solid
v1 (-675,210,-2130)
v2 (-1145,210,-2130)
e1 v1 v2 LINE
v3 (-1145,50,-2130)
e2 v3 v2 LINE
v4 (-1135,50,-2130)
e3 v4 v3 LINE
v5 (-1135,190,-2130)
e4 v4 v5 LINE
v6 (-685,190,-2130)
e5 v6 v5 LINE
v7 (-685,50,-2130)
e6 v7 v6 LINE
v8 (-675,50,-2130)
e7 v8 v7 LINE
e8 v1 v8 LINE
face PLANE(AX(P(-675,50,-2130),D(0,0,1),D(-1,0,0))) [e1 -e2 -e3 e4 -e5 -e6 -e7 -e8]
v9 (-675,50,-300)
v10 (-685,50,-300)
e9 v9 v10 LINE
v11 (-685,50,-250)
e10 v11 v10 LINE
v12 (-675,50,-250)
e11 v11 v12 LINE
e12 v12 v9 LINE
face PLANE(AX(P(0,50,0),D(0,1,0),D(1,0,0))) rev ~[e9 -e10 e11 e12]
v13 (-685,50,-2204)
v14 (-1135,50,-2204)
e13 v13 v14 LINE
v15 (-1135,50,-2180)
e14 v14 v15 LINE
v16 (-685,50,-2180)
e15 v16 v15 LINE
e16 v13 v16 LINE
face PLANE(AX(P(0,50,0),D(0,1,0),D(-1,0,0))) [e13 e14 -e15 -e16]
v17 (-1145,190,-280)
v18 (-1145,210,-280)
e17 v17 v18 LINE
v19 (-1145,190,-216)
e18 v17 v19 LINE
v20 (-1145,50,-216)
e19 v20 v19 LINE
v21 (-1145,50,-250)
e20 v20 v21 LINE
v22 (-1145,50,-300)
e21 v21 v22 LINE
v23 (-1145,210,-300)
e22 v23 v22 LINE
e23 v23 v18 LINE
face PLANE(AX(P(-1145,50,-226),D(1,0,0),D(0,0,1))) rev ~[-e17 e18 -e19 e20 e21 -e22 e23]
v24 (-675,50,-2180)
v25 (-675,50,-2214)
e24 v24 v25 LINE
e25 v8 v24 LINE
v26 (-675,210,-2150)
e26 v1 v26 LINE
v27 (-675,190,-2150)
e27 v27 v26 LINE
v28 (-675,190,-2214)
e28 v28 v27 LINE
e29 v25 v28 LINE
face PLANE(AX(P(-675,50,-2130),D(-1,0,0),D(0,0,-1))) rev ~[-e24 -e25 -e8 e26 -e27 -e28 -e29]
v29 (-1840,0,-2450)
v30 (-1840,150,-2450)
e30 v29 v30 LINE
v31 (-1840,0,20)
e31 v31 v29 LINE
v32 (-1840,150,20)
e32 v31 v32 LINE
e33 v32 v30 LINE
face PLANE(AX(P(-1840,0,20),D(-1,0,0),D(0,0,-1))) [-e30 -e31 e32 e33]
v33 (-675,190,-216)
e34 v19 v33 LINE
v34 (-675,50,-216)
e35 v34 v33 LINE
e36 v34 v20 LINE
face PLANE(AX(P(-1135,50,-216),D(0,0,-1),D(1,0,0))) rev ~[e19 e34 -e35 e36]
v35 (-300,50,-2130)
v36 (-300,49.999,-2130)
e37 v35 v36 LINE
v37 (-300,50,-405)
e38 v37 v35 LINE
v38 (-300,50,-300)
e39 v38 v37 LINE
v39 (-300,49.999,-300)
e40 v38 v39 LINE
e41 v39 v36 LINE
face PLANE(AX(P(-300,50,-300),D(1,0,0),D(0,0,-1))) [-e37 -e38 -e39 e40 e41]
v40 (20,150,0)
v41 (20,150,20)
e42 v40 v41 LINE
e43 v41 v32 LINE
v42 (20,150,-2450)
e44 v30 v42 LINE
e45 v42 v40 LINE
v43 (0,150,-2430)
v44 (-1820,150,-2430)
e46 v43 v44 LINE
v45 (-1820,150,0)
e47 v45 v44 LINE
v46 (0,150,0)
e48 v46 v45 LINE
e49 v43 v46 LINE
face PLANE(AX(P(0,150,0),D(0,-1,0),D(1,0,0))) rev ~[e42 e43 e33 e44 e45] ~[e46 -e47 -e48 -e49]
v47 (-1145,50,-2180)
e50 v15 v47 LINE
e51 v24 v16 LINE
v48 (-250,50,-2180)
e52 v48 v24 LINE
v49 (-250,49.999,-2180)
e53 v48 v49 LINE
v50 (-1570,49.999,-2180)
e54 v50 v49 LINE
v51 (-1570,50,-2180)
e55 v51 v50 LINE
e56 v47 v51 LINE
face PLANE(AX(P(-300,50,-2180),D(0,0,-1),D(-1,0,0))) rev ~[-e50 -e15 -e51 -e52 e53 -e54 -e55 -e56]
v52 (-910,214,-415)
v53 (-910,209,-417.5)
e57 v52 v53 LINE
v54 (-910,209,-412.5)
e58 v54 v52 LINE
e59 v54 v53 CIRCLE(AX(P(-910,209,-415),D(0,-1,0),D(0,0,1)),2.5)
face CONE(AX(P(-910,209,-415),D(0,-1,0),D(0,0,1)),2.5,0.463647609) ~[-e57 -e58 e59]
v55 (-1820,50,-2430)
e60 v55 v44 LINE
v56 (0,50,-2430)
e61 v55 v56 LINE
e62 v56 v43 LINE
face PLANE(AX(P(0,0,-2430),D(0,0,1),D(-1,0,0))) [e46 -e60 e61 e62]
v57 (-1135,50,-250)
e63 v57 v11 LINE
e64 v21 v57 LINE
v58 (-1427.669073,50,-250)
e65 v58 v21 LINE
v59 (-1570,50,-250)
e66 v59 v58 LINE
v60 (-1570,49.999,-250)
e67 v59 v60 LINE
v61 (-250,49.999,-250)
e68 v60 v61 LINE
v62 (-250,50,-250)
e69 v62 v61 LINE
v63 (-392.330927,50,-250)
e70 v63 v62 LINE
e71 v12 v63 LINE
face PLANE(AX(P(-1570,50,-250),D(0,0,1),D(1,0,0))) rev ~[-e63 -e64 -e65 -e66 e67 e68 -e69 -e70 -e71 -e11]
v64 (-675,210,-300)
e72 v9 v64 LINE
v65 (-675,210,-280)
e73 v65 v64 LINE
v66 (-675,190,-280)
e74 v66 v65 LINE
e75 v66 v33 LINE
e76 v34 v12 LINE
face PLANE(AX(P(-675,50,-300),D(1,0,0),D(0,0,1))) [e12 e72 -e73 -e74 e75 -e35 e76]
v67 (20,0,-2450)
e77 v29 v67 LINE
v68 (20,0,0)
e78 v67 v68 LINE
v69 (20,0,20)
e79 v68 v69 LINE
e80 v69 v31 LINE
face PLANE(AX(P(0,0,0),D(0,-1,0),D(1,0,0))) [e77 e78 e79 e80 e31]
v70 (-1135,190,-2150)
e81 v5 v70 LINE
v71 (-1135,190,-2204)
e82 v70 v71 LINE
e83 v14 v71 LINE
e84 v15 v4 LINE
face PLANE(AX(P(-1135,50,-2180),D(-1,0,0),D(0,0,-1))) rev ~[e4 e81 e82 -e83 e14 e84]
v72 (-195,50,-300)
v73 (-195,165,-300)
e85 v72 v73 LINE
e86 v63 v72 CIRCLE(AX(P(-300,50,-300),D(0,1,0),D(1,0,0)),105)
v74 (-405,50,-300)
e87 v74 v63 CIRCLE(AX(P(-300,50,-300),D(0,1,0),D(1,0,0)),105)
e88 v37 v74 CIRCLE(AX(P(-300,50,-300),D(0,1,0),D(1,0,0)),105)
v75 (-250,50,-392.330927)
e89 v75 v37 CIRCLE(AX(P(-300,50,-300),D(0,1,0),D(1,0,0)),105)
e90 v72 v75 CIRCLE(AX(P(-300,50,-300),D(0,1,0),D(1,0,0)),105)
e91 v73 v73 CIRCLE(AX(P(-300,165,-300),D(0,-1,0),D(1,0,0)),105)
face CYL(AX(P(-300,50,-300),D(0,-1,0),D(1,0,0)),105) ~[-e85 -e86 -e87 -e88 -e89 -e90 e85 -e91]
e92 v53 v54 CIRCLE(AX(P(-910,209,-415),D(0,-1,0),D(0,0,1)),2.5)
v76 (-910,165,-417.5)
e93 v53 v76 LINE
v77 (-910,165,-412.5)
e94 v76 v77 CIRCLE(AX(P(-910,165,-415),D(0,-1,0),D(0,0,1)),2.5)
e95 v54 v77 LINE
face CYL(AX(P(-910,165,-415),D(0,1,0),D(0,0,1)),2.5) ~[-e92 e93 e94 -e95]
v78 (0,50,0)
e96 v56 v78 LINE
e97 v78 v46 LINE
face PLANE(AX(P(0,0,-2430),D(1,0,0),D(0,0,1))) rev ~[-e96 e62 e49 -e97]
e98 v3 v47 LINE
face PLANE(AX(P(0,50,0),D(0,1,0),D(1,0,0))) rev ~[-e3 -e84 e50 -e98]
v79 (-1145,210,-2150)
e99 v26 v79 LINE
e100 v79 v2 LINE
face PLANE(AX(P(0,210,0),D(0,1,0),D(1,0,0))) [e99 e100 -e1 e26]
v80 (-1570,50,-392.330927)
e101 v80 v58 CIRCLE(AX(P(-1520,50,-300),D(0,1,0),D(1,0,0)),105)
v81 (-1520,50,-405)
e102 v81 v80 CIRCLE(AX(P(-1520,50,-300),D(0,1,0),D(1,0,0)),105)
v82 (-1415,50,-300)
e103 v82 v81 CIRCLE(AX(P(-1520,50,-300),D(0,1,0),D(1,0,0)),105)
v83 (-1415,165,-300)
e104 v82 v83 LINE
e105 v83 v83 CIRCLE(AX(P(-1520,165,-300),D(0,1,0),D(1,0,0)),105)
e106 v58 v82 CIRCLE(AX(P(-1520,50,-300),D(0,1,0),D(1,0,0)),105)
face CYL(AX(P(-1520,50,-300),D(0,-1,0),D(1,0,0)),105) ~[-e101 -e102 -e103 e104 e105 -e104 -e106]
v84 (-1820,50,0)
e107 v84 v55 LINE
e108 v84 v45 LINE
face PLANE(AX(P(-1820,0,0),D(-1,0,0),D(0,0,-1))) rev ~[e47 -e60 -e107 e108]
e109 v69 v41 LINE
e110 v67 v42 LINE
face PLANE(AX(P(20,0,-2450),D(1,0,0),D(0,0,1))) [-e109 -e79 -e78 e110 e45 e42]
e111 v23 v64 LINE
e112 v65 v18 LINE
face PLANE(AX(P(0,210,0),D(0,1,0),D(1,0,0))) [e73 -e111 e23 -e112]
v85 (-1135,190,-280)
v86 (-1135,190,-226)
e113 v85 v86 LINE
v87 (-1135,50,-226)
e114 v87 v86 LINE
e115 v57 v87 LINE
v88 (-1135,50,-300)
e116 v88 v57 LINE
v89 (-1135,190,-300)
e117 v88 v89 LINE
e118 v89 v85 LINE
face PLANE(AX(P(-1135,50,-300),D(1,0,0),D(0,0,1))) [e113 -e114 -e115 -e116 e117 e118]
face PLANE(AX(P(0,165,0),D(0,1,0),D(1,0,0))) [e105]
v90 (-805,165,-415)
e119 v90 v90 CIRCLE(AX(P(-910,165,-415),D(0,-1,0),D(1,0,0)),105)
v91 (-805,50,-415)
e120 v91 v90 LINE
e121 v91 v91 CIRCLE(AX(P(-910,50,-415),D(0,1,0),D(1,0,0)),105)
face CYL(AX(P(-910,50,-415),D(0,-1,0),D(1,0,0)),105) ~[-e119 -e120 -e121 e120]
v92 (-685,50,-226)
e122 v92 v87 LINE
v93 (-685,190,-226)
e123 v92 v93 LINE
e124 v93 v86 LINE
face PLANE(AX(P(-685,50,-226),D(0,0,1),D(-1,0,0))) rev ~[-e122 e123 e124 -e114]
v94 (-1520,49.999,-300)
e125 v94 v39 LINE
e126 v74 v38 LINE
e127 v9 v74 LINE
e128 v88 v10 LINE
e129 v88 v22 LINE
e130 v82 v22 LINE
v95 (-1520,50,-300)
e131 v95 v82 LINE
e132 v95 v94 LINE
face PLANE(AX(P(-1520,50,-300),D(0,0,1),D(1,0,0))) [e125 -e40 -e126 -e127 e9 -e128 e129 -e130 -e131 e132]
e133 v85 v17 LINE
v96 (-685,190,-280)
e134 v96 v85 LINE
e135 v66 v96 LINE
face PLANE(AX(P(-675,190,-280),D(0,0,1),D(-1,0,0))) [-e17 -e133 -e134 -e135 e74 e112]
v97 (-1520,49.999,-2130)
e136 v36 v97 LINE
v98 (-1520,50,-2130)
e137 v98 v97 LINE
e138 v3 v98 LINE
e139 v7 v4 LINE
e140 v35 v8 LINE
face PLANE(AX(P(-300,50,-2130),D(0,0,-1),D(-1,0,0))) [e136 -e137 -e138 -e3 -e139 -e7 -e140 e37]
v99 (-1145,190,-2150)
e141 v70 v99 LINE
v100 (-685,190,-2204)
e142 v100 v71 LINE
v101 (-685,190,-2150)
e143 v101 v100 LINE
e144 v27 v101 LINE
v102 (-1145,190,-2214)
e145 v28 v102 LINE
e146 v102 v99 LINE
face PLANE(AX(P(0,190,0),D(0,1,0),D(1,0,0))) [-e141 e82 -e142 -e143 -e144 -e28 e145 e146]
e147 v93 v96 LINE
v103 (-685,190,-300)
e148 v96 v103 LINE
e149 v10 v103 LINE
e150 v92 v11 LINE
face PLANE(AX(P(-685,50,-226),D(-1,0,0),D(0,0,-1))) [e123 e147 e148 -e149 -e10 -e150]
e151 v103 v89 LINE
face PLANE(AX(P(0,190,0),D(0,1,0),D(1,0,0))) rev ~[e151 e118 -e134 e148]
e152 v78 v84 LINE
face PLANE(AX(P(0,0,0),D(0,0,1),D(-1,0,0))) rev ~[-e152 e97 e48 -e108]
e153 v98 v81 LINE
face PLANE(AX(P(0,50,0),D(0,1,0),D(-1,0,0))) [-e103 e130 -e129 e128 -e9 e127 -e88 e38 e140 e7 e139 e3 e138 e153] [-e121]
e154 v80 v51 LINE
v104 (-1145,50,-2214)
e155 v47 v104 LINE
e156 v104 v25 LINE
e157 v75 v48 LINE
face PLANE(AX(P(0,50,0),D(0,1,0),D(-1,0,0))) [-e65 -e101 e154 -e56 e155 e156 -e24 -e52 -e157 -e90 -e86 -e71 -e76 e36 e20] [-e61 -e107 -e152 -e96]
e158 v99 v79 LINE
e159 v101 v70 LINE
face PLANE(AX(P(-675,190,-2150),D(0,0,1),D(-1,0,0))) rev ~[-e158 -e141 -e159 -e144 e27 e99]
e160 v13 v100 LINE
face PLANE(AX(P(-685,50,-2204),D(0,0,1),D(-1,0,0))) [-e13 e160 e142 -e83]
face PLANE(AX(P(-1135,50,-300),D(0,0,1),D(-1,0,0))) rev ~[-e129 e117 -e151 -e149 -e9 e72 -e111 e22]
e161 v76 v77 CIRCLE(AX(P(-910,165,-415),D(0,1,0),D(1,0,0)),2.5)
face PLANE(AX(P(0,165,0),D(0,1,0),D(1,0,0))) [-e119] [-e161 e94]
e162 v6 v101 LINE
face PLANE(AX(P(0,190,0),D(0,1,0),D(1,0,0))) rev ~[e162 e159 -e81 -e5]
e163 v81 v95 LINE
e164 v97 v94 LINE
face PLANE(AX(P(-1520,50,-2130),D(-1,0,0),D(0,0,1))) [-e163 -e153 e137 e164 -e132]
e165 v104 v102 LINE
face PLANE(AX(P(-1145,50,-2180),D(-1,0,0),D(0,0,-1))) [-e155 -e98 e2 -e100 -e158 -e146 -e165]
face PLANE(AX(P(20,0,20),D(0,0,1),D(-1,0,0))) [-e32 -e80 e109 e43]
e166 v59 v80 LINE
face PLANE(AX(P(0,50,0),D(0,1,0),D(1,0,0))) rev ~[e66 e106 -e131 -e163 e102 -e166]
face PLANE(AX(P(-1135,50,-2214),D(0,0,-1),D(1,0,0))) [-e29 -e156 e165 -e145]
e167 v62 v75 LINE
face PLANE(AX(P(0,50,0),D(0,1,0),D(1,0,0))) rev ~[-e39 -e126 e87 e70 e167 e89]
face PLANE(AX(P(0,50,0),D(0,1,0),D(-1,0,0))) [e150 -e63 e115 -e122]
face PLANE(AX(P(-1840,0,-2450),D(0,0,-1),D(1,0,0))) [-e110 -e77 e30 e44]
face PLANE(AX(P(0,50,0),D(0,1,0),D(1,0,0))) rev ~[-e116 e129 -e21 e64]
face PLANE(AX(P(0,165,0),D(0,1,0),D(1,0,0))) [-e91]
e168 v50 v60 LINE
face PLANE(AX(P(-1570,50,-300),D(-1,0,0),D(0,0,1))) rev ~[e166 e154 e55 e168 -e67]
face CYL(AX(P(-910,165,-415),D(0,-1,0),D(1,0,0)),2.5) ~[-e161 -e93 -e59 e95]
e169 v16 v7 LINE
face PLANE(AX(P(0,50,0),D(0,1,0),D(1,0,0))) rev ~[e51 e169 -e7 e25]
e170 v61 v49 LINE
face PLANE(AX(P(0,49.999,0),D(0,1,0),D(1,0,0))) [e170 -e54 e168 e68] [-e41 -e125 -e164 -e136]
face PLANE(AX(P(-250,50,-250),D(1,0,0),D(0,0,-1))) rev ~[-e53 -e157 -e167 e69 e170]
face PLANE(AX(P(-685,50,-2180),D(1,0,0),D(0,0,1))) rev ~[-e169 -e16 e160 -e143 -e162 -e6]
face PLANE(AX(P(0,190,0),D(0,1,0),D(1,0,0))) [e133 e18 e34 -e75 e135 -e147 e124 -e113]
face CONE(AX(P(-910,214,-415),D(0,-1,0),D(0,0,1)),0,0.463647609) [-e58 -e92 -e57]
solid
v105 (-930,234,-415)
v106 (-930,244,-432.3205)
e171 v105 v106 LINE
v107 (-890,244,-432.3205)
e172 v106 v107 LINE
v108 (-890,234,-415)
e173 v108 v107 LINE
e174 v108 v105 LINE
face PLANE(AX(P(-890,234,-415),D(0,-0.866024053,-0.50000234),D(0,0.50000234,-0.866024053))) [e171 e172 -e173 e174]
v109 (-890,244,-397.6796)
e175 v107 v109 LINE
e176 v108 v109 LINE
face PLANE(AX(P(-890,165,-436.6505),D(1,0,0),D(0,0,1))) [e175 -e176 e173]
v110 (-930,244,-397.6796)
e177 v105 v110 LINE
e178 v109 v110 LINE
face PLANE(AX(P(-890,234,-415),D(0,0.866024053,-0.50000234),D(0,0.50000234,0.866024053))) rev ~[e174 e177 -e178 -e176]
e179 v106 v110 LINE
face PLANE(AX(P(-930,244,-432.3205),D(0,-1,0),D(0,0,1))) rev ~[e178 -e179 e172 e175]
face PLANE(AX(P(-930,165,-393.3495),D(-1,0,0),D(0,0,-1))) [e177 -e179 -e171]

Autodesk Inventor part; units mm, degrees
ref_plane "YZ Plane" through (0, 0, 0) normal (1, 0, 0) x (0, 1, 0)
ref_plane "XZ Plane" through (0, 0, 0) normal (0, 1, 0) x (-1, 0, 0)
ref_plane "XY Plane" through (0, 0, 0) normal (0, 0, 1) x (1, 0, 0)
sketch "Sketch1" plane through (0, 0, 0) normal (0, 1, 0) x (-1, 0, 0)
  line L0 (0, 0) -> (1820, 0)
  line L1 (1820, 0) -> (1820, -2430)
  line L2 (1820, -2430) -> (0, -2430)
  line L3 (0, -2430) -> (0, 0)
  dimension "d0" = 1820
  dimension "d1" = 2430
extrude "Extrusion1" add sketch "Sketch1" along normal blind 50
sketch "Sketch2" plane through (0, 50, 0) normal (0, 1, 0) x (1, 0, 0)
  line L0 (-1820, 2430) -> (-1820, 0) projected
  line L1 (-1820, 0) -> (-1820, 250)
  line L2 (-1820, 250) -> (-1570, 250)
  line L3 (-1820, 250) -> (-1570, 250) construction
  line L4 (0, 2430) -> (-1820, 2430) projected
  line L5 (0, 2430) -> (0, 2180)
  line L6 (0, 0) -> (0, 2430) projected
  line L7 (0, 2180) -> (-250, 2180)
  line L8 (-1570, 250) -> (-250, 250)
  line L9 (-250, 250) -> (-250, 2180)
  line L10 (-250, 2180) -> (-1570, 2180)
  line L11 (-1570, 2180) -> (-1570, 250)
  line L12 (-1570, 250) -> (-1570, 300)
  line L13 (-1570, 300) -> (-1520, 300)
  line L14 (-250, 2180) -> (-300, 2180)
  line L15 (-300, 2180) -> (-300, 2130)
  line L16 (-1520, 300) -> (-300, 300)
  line L17 (-300, 300) -> (-300, 2130)
  line L18 (-300, 2130) -> (-1520, 2130)
  line L19 (-1520, 2130) -> (-1520, 300)
  dimension "d4" = 250
  dimension "d5" = 250
  dimension "d6" = 0
  dimension "d7" = 250
  dimension "d8" = 250
  dimension "d9" = 50
  dimension "d10" = 50
  dimension "d11" = 50
  dimension "d12" = 50
extrude "Extrusion2" cut sketch "Sketch2" against normal blind 0.001 contours L11 L13 L16 L17 L15 L10 L9 L8 | L11 L10 L15 L18 L19 L13
sketch "Sketch3" plane through (0, 0, 0) normal (0, -1, 0) x (1, 0, 0)
  line L0 (0, -2430) -> (-1820, -2430) projected
  line L1 (0, 0) -> (-1820, 0)
  line L2 (-1820, 0) -> (-1820, -2430)
  line L3 (-1820, -2430) -> (0, -2430)
  line L4 (0, -2430) -> (0, 0)
  line L5 (0, 0) -> (20, 0)
  line L6 (20, 0) -> (20, 20)
  line L7 (20, 20) -> (-1840, 20)
  line L8 (-1840, 20) -> (-1840, -2450)
  line L9 (-1840, -2450) -> (20, -2450)
  line L10 (20, -2450) -> (20, 20)
  dimension "d15" = 20
  dimension "d16" = 20
  dimension "d17" = 1860
  dimension "d18" = 2470
extrude "Extrusion3" add sketch "Sketch3" against normal blind 150
sketch "Sketch4" plane through (0, 50, 0) normal (0, 1, 0) x (1, 0, 0)
  line L0 (-300, 300) -> (-300, 2130) projected
  line L1 (-300, 1215) -> (-910, 1215)
  line L2 (-300, 2130) -> (-1520, 2130) projected
  line L3 (-910, 1215) -> (-910, 2130)
  line L4 (-1570, 2180) -> (-250, 2180) projected
  line L5 (-910, 2130) -> (-1135, 2130)
  line L6 (-1135, 2130) -> (-1135, 2204)
  line L7 (-1135, 2130) -> (-1145, 2130)
  line L8 (-1145, 2130) -> (-1145, 2214)
  line L9 (-1145, 2214) -> (-1135, 2214)
  line L10 (-1135, 2214) -> (-1135, 2130)
  line L11 (-1135, 2214) -> (-675, 2214)
  line L12 (-675, 2214) -> (-675, 2204)
  line L13 (-675, 2204) -> (-1135, 2204)
  line L14 (-1135, 2204) -> (-1135, 2214)
  line L15 (-675, 2204) -> (-685, 2204)
  line L16 (-685, 2204) -> (-685, 2130)
  line L17 (-685, 2130) -> (-675, 2130)
  line L18 (-675, 2130) -> (-675, 2204)
  line L19 (-300, 300) -> (-1520, 300)
  line L20 (-1135, 300) -> (-1135, 226)
  line L21 (-1135, 300) -> (-1145, 300)
  line L22 (-1145, 300) -> (-1145, 216)
  line L23 (-1145, 216) -> (-1135, 216)
  line L24 (-1135, 216) -> (-675, 216)
  line L25 (-675, 216) -> (-675, 226)
  line L26 (-675, 226) -> (-1135, 226)
  line L27 (-685, 226) -> (-685, 300)
  line L28 (-685, 300) -> (-675, 300)
  line L29 (-675, 300) -> (-675, 226)
  line L30 (-1145, 216) -> (-675, 216)
  line L31 (-675, 216) -> (-675, 226)
  line L32 (-675, 226) -> (-1145, 226)
  line L33 (-1145, 226) -> (-1145, 216)
  line L34 (-675, 226) -> (-685, 226)
  line L35 (-685, 226) -> (-685, 300)
  line L36 (-685, 300) -> (-675, 300)
  line L37 (-675, 300) -> (-675, 226)
  line L38 (-1145, 226) -> (-1135, 226)
  line L39 (-1135, 226) -> (-1135, 300)
  line L40 (-1135, 300) -> (-1145, 300)
  line L41 (-1145, 300) -> (-1145, 226)
  point P0 (0, 0)
  dimension "d22" = 225
  dimension "d23" = 74
  dimension "d24" = 10
  dimension "d25" = 84
  dimension "d26" = 460
  dimension "d27" = 10
extrude "Extrusion4" add sketch "Sketch4" along normal blind 140 contours L29 L26 L27 L19 | L25 L24 L23 L22 L32 L26 | L2 L16 L4 L18 | L20 L32 L22 L19 | L4 L16 L13 L18 | L2 L8 L4 L6 | L13 L10 L11 L12 | L4 L8 L9 L10 L6
sketch "Sketch5" plane through (0, 190, 0) normal (0, 1, 0) x (1, 0, 0)
  line L0 (-1145, 300) -> (-1145, 250) projected
  line L1 (-675, 250) -> (-675, 300) projected
  line L2 (-1145, 300) -> (-675, 300)
  line L3 (-675, 300) -> (-675, 280)
  line L4 (-675, 280) -> (-1145, 280)
  line L5 (-1145, 280) -> (-1145, 300)
  line L6 (-300, 2130) -> (-1520, 2130) projected
  line L7 (-675, 2130) -> (-675, 2180) projected
  line L8 (-1145, 2130) -> (-675, 2130)
  line L9 (-675, 2130) -> (-675, 2150)
  line L10 (-675, 2150) -> (-1145, 2150)
  line L11 (-1145, 2150) -> (-1145, 2130)
  line L12 (-1145, 2180) -> (-1145, 2130) projected
  line L13 (-1145, 2130) -> (-675, 2130)
  line L14 (-675, 2130) -> (-675, 2130.001)
  line L15 (-675, 2130.001) -> (-1145, 2130.001)
  line L16 (-1145, 2130.001) -> (-1145, 2130)
  line L17 (-1135, 300) -> (-1145, 300) projected
  line L18 (-675, 216) -> (-675, 300) projected
  line L19 (-1145, 300) -> (-675, 300)
  line L20 (-675, 300) -> (-675, 299.999)
  line L21 (-675, 299.999) -> (-1145, 299.999)
  line L22 (-1145, 299.999) -> (-1145, 300)
  point P0 (0, 0)
  dimension "d30" = 20
  dimension "d31" = 20
  dimension "d34" = 0.001
  dimension "d35" = 0.001
extrude "Extrusion5" add sketch "Sketch5" along normal blind 20
sketch "Sketch6" plane through (0, 50, 0) normal (0, 1, 0) x (1, 0, 0)
  line L0 (-1520, 300) -> (-1145, 300) projected
  circle A0 centre (-1520, 300) radius 105
  line L1 (-1135, 300) -> (-685, 300) projected
  line L2 (-910, 300) -> (-910, 415)
  circle A1 centre (-910, 415) radius 105
  line L3 (-300, 300) -> (-300, 2130) projected
  circle A2 centre (-300, 300) radius 105
  point P0 (0, 0)
  dimension "d36" = 210
  dimension "d37" = 115
  dimension "d38" = 210
  dimension "d39" = 210
extrude "Extrusion6" add sketch "Sketch6" along normal blind 115
sketch "Sketch7" plane through (-1520, 165, -300) normal (0, 1, 0) x (1, 0, 0)
  circle A0 centre (610, 115) radius 105 projected
  line L0 (610, 115) -> (590, 115)
  line L1 (590, 115) -> (590, 136.6505)
  line L2 (590, 136.6505) -> (630, 136.6505)
  line L3 (630, 136.6505) -> (630, 93.3495)
  line L4 (630, 93.3495) -> (590, 93.3495)
  line L5 (590, 93.3495) -> (590, 115)
  point P0 (1520, -300)
  dimension "d42" = 20
  dimension "d43" = 21.6505
  dimension "d44" = 40
  dimension "d45" = 43.301
extrude "Extrusion7" add sketch "Sketch7" along normal blind 81.5 contours L1 L2 L3 L4 L5
sketch "Sketch8" plane through (-890, 165, -393.3495) normal (1, 0, 0) x (0, 0, -1)
  line L0 (43.301, 81.5) -> (0, 81.5) projected
  line L1 (21.6505, 81.5) -> (21.6505, 69)
  line L2 (21.6505, 69) -> (43.301, 81.5)
  line L3 (21.6505, 69) -> (0, 81.5)
  line L4 (0, 81.5) -> (0, 0)
  line L5 (126.6505, 0) -> (-83.3495, 0) projected
  line L6 (43.301, 0) -> (43.301, 81.5) projected
  line L7 (0, 0) -> (43.301, 0)
  line L8 (43.301, 0) -> (43.301, 81.5)
  point P0 (-393.3495, -165)
  dimension "d48" = 12.5
extrude "Extrusion8" cut sketch "Sketch8" against normal blind 40 contours L6 L5 L4 L3 L2
sketch "Sketch9" plane through (-910, 165, -415) normal (0, 1, 0) x (1, 0, 0)
  circle A0 centre (0, 0) radius 2.5
  point P0 (910, -415)
  dimension "d51" = 5
extrude "Extrusion9" add sketch "Sketch9" along normal blind 49
sketch "Sketch10" plane through (-910, 214, -415) normal (0, 1, 0) x (1, 0, 0)
  line L0 (20, 0) -> (-20, 0) projected
  line L1 (0, 0) -> (2.9883, 0)
  line L2 (2.9883, 0) -> (2.9883, -4.9362)
  line L3 (2.9883, -4.9362) -> (0, -4.9362)
  line L4 (0, -4.9362) -> (0, 0)
  line L5 (0, 0) -> (4.3041, 0)
  line L6 (4.3041, 0) -> (4.3041, 5.8291)
  line L7 (4.3041, 5.8291) -> (0, 5.8291)
  line L8 (0, 5.8291) -> (0, 0)
  point P0 (910, -415)
extrude "Extrusion10" cut sketch "Sketch10" against normal blind 49
sketch "Sketch11" plane through (-910, 214, -412.5) normal (1, 0, 0) x (0, 0, -1)
  line L0 (5, 0) -> (0, 0) projected
  line L1 (2.5, 0) -> (2.5, -5)
  line L2 (2.5, -5) -> (5, -5)
  line L3 (5, 0) -> (5, -49) projected
  line L4 (2.5, 0) -> (5, -5)
  line L5 (2.5, -5) -> (0, -5)
  line L6 (0, -49) -> (0, 0) projected
  line L7 (0, -5) -> (2.5, 0)
  line L8 (2.5, 0) -> (0, 0)
  line L9 (0, 0) -> (0, -5)
  line L10 (2.5, 0) -> (5, 0)
  line L11 (5, 0) -> (5, -5)
  point P0 (-412.5, -214)
  dimension "d56" = 5
extrude "Extrusion11" cut sketch "Sketch11" against normal blind 49 contours L3 L4 L0 | L7 L6 L0
sketch "Sketch12" plane through (-910, 165, -412.5) normal (1, 0, 0) x (0, 0, -1)
  line L0 (0, 0) -> (0, 44) projected
  line L1 (5, 44) -> (2.5, 49) projected
  line L2 (0, 44) -> (2.5, 49)
  line L3 (2.5, 49) -> (0, 49)
  line L4 (0, 49) -> (0, 44)
  line L5 (2.5, 49) -> (2.5, 44)
  point P0 (-412.5, -165)
revolve "Revolution1" cut sketch "Sketch12" angle 360 about axis through (-910, 214, -415) along (0, -1, 0)
sketch "Sketch13" plane through (-910, 165, -412.5) normal (1, 0, 0) x (0, 0, -1)
  line L0 (2.5, 49) -> (0, 44) projected
  line L1 (2.5, 49) -> (2.5, 0)
  line L2 (0, 0) -> (5, 0) projected
  line L3 (0, 0) -> (2.5, 0)
  line L4 (0, 0) -> (0, 44) projected
  line L5 (0, 0) -> (0, 44)
  line L6 (0, 44) -> (2.5, 49)
  point P0 (-412.5, -165)
revolve "Revolution2" add sketch "Sketch13" angle 360 about axis through (-910, 214, -415) along (0, -1, 0)
sketch "Sketch14" plane through (-930, 246.5, -436.6505) normal (-1, 0, 0) x (0, 0, 1)
  line L0 (21.6505, -12.5) -> (0, 0) projected
  line L1 (21.6505, -12.5) -> (4.33, -2.5)
  line L2 (4.33, -2.5) -> (41.9636, -2.5)
  line L3 (41.9636, -2.5) -> (49.2535, 5.0319)
  line L4 (49.2535, 5.0319) -> (0, 9.6321)
  line L5 (0, 9.6321) -> (-10.8326, 2.9723)
  line L6 (-10.8326, 2.9723) -> (-0.2689, -2.0704)
  line L7 (-0.2689, -2.0704) -> (4.33, -2.5)
  point P0 (436.6505, -246.5)
  dimension "d61" = 20
extrude "Extrusion12" cut sketch "Sketch14" against normal blind 40
properties part number "Simulation"
